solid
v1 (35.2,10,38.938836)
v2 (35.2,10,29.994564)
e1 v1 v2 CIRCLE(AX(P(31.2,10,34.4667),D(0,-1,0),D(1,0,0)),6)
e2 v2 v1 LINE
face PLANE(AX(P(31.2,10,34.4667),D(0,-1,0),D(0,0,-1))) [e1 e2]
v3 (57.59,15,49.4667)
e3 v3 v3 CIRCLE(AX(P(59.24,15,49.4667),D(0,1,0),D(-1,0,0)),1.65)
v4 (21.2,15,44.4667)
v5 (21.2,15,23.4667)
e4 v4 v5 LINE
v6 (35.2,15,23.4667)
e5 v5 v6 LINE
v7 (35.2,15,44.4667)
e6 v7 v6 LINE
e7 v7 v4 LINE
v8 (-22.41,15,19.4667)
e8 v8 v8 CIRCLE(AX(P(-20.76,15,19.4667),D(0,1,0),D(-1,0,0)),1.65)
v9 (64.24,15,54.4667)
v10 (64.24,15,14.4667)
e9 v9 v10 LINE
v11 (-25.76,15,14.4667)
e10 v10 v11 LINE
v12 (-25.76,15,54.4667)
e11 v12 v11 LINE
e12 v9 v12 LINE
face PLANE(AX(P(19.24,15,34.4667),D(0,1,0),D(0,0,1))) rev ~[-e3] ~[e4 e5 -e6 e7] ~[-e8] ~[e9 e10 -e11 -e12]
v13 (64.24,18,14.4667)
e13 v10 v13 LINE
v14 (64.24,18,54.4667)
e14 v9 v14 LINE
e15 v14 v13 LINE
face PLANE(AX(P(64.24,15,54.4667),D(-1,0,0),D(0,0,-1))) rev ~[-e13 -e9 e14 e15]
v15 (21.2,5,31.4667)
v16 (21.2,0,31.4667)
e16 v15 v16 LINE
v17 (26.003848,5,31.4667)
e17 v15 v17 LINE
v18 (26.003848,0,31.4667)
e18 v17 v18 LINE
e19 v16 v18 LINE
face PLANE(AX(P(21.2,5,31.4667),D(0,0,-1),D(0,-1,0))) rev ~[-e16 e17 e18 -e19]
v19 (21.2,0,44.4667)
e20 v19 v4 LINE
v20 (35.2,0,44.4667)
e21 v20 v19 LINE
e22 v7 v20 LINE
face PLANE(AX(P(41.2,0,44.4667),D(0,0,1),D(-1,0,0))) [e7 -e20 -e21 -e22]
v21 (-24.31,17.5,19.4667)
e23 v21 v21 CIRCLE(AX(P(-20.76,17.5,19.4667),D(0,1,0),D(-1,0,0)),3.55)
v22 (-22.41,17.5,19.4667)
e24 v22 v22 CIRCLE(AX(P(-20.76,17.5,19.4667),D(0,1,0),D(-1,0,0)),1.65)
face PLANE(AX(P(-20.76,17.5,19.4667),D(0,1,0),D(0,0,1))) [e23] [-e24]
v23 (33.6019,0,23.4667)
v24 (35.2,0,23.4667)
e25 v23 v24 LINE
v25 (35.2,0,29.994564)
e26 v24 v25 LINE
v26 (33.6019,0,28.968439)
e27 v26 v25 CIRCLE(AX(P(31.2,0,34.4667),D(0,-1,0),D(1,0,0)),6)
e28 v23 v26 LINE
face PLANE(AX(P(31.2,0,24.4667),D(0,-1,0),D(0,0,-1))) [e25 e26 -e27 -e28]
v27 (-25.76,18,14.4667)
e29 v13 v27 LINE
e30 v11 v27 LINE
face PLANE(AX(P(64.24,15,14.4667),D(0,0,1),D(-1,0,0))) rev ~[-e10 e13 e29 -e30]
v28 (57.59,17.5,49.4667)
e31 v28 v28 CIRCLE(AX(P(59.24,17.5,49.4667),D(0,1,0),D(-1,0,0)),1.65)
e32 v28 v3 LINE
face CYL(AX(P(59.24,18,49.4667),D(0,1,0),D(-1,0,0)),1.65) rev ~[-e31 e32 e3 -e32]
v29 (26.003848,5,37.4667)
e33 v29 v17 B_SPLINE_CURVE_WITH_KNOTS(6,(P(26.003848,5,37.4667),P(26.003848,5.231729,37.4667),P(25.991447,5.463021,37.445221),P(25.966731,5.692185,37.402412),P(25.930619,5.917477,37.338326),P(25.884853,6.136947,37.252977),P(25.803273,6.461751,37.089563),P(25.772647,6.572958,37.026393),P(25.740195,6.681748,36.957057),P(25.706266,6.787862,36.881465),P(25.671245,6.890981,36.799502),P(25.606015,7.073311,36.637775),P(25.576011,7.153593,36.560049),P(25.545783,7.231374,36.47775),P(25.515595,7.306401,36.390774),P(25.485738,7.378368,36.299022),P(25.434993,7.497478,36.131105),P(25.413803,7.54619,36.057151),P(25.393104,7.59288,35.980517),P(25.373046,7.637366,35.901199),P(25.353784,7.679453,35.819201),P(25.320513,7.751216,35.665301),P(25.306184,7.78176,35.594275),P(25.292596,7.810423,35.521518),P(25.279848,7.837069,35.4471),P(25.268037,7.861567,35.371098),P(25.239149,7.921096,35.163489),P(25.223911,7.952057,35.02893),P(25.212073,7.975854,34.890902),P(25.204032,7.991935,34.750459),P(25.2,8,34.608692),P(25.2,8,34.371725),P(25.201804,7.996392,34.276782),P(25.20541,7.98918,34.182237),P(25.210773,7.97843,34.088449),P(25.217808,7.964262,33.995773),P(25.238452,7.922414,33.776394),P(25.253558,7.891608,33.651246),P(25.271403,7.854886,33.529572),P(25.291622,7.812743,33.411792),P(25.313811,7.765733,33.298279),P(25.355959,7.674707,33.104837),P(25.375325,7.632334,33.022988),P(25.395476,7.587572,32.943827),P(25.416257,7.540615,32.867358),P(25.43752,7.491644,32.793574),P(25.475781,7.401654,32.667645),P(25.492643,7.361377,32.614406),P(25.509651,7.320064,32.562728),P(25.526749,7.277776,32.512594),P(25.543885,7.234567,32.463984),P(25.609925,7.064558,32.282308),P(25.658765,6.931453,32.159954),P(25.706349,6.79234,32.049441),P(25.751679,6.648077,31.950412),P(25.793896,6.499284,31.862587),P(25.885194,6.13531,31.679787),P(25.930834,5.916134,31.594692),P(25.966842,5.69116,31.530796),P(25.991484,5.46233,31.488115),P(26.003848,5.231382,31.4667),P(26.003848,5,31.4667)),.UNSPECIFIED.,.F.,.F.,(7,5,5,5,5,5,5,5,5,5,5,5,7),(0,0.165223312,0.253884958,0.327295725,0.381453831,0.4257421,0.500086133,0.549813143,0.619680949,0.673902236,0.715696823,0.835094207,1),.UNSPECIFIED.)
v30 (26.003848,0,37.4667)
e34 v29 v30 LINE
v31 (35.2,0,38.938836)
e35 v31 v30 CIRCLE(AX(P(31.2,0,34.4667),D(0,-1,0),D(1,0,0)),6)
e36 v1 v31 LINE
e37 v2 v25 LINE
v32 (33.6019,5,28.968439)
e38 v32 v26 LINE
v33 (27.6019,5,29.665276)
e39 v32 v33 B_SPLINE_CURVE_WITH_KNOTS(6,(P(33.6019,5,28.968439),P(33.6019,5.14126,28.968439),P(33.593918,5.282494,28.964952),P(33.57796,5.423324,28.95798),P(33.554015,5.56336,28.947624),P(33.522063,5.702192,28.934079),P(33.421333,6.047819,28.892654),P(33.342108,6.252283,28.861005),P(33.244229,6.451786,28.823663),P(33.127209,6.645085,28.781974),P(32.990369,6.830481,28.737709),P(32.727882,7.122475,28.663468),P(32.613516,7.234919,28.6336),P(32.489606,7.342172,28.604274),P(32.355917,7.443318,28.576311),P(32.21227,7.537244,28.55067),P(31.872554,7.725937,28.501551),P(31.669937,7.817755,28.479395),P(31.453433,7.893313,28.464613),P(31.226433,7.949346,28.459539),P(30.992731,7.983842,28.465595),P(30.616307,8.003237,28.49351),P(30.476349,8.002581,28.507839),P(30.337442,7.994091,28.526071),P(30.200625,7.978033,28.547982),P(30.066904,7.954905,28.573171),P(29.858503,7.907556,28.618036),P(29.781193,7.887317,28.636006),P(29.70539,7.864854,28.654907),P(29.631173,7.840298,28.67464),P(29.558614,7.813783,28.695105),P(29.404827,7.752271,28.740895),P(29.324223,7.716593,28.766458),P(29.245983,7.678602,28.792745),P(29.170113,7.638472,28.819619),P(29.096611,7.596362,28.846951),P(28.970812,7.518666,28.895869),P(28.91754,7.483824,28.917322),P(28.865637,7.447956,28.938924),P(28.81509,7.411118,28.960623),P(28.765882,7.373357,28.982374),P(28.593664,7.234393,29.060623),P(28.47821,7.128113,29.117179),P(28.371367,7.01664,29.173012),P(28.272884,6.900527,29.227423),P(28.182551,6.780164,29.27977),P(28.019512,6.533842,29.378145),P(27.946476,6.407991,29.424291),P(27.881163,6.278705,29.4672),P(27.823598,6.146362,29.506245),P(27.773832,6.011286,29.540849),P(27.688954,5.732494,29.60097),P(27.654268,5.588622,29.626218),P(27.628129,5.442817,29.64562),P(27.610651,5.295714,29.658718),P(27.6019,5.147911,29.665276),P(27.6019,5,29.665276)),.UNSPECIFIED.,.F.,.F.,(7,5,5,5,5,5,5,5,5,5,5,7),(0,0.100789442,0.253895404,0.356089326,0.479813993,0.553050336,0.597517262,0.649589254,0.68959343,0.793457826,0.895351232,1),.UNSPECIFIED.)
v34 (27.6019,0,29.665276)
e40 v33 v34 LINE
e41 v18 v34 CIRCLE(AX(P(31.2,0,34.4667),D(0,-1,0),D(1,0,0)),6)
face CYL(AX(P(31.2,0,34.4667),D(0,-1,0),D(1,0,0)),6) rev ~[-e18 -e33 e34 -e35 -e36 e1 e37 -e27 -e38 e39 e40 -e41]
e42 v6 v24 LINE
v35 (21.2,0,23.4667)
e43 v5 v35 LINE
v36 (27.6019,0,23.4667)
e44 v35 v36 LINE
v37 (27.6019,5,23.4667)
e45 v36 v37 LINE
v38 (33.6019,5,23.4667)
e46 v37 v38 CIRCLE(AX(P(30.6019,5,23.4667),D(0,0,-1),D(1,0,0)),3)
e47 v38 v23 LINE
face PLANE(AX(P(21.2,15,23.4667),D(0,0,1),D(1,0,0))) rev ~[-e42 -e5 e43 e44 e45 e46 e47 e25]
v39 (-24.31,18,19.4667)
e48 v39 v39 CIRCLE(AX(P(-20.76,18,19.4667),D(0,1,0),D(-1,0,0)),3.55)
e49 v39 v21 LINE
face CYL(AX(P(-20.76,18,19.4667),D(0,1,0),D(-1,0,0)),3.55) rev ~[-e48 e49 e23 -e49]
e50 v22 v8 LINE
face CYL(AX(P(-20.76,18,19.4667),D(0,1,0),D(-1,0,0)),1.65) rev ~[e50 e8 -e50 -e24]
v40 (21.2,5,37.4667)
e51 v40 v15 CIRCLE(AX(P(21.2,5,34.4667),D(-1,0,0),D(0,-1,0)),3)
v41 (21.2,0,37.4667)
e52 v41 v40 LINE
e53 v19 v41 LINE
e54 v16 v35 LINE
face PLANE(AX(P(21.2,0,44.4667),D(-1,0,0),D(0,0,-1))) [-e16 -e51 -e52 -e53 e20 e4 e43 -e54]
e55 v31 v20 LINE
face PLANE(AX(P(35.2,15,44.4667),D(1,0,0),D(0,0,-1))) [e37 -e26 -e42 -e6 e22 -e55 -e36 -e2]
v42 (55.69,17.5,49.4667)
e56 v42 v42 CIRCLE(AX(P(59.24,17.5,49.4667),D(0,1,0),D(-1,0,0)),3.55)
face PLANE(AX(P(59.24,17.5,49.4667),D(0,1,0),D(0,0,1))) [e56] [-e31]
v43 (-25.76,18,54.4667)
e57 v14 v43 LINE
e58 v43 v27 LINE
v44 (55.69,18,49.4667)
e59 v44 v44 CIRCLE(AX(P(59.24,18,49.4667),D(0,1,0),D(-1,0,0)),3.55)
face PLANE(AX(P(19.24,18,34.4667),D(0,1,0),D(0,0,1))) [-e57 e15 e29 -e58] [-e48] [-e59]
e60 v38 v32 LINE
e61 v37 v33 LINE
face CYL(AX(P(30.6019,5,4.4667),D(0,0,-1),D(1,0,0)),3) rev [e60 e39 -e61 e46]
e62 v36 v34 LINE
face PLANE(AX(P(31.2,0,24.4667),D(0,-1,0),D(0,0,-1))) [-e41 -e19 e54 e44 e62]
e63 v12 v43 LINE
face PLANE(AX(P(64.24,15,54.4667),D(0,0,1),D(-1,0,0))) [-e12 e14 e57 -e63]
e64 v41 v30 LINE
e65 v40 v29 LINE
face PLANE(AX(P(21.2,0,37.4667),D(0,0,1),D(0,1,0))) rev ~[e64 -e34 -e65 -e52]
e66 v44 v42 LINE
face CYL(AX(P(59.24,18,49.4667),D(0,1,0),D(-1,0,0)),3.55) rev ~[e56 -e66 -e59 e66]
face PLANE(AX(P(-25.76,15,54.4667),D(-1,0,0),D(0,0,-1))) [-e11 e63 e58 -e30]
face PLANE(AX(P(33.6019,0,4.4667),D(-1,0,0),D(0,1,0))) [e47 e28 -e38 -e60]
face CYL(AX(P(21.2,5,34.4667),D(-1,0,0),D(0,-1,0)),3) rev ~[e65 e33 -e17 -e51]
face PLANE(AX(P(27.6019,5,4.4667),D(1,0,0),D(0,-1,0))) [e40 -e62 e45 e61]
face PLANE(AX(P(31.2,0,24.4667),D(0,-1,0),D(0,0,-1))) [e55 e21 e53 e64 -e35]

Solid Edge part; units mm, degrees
sketch "Sketch1" plane through (0, 0, 0) normal (0, -1, 0) x (1, 0, 0)
  line L0 (21.2, 4.4667) -> (41.2, 4.4667)
  line L1 (41.2, 4.4667) -> (41.2, 44.4667)
  line L2 (41.2, 44.4667) -> (21.2, 44.4667)
  line L3 (21.2, 44.4667) -> (21.2, 4.4667)
  dimension "D1" = 20
  dimension "D2" = 40
extrude "Protrusion1" add sketch "Sketch1" against normal blind 15
sketch "Sketch2" plane through (31.2, 0, 24.4667) normal (0, -1, 0) x (1, 0, 0)
  circle A0 centre (0, 10) radius 6
  dimension "D1" = 12
  dimension "D2" = 10
extrude "ExtrudedCutout_1" cut sketch "Sketch2" against normal blind 10
sketch "Sketch3" plane through (21.2, 7.5, 24.4667) normal (-1, 0, 0) x (0, -1, 0)
  line L0 (7.5, 13) -> (2.5, 13)
  arc A0 (2.5, 13) -> (2.5, 7) centre (2.5, 10) ccw
  line L1 (2.5, 7) -> (7.5, 7)
  line L2 (7.5, 13) -> (7.5, 7)
  dimension "D1" = 7
  dimension "D2" = 3
  dimension "D3" = 5
extrude "Cutout1" cut sketch "Sketch3" against normal through all
sketch "Sketch4" plane through (31.2, 15, 24.4667) normal (0, 1, 0) x (-1, 0, 0)
  line L0 (-10, 20) -> (-4, 20)
  line L1 (-4, 20) -> (-4, -20)
  line L2 (-4, -20) -> (-10, -20)
  line L3 (-10, -20) -> (-10, 20)
  dimension "D1" = 6
extrude "Cutout2" cut sketch "Sketch4" against normal through all
sketch "Sketch5" plane through (28.2, 7.5, 4.4667) normal (0, 0, -1) x (1, 0, 0)
  line L0 (5.4019, 7.5) -> (5.4019, 2.5)
  arc A0 (5.4019, 2.5) -> (-0.5981, 2.5) centre (2.4019, 2.5) cw
  line L1 (-0.5981, 2.5) -> (-0.5981, 7.5)
  line L2 (5.4019, 7.5) -> (-0.5981, 7.5)
  dimension "D1" = 3
  dimension "D2" = 3
  dimension "D3" = 5
  dimension "D4" = 5
  dimension "D5" = 3
extrude "Cutout3" cut sketch "Sketch5" against normal up to next
sketch "Sketch6" plane through (28.2, 15, 24.4667) normal (0, 1, 0) x (-1, 0, 0)
  line L0 (-7, -20) -> (7, -20)
  line L1 (7, -20) -> (7, -1)
  line L2 (7, -1) -> (-7, -1)
  line L3 (-7, -1) -> (-7, -20)
  dimension "D1" = 19
extrude "Cutout4" cut sketch "Sketch6" against normal up to next
sketch "Sketch7" plane through (28.2, 15, 33.9667) normal (0, 1, 0) x (-1, 0, 0)
  line L0 (-36.04, 20.5) -> (-36.04, -19.5)
  line L1 (-36.04, -19.5) -> (53.96, -19.5)
  line L2 (53.96, 20.5) -> (53.96, -19.5)
  line L3 (-36.04, 20.5) -> (53.96, 20.5)
  dimension "D1" = 40
  dimension "D2" = 33.04
  dimension "D3" = 90
  dimension "D4" = 40
extrude "ExtrudedProtrusion_2" add sketch "Sketch7" along normal blind 3
sketch "Sketch8" plane through (19.24, 18, 34.4667) normal (0, 1, 0) x (-1, 0, 0)
  circle A0 centre (-40, 15) radius 1.65
  circle A1 centre (40, -15) radius 1.65
  dimension "D1" = 3.3
  dimension "D2" = 5
  dimension "D3" = 5
  dimension "D4" = 3.3
  dimension "D5" = 5
  dimension "D6" = 5
extrude "Cutout5" cut sketch "Sketch8" against normal through all
sketch "Sketch9" plane through (19.24, 18, 34.4667) normal (0, 1, 0) x (-1, 0, 0)
  circle A0 centre (-40, 15) radius 3.55
  circle A1 centre (40, -15) radius 3.55
extrude "ExtrudedCutout_9" cut sketch "Sketch9" against normal blind 0.5
